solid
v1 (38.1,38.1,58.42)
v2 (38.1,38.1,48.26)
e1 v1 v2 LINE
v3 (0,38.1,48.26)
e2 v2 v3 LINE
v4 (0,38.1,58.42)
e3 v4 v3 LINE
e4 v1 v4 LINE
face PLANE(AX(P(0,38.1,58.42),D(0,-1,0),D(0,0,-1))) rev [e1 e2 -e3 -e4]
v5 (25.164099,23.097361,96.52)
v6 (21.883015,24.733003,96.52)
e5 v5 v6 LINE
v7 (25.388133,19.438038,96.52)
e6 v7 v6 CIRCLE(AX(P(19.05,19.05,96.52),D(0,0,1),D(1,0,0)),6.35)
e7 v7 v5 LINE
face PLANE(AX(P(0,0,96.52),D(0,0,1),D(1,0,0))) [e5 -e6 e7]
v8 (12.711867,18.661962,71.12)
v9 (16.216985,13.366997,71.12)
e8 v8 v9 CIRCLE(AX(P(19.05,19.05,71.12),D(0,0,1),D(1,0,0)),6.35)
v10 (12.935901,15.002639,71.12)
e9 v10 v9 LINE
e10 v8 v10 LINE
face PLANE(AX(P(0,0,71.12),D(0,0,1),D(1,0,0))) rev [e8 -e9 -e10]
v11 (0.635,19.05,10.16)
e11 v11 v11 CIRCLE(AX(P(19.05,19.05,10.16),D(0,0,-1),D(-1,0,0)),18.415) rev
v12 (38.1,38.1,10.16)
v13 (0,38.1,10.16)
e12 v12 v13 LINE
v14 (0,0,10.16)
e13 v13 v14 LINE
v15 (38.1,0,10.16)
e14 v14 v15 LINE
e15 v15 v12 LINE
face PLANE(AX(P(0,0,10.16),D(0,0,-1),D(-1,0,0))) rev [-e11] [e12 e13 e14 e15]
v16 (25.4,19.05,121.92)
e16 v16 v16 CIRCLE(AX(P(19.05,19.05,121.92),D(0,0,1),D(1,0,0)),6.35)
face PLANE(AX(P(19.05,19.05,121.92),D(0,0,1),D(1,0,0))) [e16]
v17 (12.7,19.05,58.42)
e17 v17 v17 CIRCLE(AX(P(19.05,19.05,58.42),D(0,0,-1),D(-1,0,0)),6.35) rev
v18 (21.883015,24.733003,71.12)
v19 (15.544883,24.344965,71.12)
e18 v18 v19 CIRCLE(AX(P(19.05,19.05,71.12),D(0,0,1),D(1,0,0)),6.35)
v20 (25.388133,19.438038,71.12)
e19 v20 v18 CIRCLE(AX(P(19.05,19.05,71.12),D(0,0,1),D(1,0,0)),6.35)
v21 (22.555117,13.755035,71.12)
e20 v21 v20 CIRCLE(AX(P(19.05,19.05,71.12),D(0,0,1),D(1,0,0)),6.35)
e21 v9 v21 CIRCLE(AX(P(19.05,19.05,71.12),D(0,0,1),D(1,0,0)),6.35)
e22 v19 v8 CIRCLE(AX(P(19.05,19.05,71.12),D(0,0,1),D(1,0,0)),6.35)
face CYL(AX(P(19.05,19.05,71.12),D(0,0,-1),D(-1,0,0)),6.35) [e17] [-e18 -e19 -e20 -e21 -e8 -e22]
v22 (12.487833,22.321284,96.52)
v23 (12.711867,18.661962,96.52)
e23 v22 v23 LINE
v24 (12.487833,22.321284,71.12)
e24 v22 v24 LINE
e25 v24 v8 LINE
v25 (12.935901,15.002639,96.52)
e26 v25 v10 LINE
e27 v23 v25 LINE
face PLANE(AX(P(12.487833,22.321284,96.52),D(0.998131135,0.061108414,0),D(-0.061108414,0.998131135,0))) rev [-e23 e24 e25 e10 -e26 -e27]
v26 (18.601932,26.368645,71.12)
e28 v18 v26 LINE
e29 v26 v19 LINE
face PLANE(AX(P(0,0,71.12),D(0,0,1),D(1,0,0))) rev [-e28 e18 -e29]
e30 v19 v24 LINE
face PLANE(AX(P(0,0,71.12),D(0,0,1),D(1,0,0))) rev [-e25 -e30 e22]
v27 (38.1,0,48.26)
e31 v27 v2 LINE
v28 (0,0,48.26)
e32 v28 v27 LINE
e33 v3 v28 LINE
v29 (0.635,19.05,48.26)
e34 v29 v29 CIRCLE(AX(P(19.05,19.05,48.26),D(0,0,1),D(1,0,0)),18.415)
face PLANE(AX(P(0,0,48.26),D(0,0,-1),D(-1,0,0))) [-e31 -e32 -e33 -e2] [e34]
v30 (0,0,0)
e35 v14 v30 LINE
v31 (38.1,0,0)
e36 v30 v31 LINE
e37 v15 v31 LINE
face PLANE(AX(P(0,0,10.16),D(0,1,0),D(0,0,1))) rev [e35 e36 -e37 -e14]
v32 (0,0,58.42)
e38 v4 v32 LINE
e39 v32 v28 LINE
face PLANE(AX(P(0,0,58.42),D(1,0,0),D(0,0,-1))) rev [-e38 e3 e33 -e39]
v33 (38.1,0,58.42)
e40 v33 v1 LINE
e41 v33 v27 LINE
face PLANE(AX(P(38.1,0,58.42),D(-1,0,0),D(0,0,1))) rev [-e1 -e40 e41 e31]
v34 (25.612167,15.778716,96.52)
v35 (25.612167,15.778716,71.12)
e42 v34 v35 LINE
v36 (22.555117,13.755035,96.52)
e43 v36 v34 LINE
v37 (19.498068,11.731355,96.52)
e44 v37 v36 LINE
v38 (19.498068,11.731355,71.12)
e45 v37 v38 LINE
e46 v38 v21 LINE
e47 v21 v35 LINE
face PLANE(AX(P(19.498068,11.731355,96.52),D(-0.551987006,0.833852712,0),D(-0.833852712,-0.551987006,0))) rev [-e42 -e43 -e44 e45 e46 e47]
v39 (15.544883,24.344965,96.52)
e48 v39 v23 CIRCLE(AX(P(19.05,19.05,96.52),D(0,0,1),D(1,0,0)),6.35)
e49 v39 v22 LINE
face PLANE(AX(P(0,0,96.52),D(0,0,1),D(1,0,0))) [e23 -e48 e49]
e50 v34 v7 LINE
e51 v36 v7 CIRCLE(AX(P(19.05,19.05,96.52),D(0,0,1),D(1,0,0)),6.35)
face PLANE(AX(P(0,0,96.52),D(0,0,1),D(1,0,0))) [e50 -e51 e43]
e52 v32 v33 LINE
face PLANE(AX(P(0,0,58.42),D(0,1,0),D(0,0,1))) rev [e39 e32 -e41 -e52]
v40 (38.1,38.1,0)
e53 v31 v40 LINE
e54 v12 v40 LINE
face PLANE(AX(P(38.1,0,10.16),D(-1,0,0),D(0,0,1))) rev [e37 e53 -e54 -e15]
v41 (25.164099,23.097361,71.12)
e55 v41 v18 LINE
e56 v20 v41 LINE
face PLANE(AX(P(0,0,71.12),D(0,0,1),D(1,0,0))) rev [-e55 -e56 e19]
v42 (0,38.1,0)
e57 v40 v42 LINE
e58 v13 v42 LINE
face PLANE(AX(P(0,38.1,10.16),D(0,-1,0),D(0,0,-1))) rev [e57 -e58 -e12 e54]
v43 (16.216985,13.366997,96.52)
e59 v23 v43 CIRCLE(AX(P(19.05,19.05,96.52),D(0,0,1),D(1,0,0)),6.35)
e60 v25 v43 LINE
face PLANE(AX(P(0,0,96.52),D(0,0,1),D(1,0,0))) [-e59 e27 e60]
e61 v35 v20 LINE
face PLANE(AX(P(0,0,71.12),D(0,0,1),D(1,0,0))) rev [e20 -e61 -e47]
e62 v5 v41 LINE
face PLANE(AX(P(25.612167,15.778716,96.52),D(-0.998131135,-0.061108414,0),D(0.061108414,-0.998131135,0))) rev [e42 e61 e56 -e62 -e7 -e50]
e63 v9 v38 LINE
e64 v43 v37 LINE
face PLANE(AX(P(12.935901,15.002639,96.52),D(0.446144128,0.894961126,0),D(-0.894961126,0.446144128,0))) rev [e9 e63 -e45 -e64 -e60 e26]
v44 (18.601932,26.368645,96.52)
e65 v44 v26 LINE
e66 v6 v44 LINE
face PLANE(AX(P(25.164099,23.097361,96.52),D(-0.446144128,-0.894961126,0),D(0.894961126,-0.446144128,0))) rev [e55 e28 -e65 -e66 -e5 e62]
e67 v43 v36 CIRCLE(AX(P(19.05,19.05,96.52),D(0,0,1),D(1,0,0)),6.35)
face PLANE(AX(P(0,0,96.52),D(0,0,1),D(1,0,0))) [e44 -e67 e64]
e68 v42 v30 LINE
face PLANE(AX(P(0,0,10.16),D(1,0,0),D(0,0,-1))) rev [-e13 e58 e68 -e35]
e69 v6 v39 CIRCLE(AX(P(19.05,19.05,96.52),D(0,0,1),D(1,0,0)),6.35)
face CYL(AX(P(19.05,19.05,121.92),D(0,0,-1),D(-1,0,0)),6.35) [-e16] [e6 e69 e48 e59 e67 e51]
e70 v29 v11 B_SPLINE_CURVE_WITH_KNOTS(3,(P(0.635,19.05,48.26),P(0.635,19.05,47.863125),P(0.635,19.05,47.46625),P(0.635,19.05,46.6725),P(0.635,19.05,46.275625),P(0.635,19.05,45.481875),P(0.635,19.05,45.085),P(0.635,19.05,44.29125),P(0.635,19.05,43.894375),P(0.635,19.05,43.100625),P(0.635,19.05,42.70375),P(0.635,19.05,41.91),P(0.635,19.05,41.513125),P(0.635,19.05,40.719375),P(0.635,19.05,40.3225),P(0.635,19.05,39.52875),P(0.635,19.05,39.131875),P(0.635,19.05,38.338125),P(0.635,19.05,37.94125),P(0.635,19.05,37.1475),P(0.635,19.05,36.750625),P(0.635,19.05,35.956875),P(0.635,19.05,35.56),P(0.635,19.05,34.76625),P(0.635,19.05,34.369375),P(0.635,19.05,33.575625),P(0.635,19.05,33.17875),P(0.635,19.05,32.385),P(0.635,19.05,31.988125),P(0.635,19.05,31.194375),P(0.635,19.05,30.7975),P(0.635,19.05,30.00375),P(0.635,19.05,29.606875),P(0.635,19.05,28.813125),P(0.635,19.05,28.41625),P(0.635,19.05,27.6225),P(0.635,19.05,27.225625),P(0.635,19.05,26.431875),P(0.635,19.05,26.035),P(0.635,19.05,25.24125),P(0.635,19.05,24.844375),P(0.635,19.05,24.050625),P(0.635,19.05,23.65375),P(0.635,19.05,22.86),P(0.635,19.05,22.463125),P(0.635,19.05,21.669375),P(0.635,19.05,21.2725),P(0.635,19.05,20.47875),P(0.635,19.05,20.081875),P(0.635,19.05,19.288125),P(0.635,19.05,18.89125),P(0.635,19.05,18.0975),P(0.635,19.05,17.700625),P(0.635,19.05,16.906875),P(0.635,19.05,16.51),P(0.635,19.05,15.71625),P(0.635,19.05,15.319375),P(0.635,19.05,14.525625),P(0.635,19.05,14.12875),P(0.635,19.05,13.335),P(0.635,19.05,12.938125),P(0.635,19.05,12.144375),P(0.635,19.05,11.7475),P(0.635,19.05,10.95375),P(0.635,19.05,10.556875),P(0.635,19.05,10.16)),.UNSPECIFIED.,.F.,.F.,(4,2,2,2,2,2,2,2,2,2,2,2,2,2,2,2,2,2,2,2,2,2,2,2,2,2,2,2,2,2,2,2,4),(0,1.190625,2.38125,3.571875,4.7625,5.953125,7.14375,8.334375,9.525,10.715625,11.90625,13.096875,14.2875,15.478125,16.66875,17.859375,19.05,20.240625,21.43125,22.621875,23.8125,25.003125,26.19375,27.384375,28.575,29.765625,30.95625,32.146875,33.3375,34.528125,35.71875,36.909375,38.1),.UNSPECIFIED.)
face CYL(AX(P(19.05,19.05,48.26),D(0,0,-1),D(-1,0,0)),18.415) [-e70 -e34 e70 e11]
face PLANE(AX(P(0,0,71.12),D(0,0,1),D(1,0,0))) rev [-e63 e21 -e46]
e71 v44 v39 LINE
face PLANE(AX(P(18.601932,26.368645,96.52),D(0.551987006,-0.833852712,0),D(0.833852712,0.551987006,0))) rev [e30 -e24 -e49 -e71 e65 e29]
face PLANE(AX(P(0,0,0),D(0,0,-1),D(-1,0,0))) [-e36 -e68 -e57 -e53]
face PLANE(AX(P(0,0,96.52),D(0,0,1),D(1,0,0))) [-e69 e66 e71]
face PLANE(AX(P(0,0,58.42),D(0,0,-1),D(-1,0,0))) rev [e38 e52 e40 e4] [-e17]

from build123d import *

# Parameters (mm, degrees)
SKETCH1_W           = 38.1
SKETCH1_H           = 38.1
BOSS_EXTRUDE1_DEPTH = 10.16
SKETCH2_R           = 18.415
BOSS_EXTRUDE2_DEPTH = 38.1
SKETCH3_W           = 38.1
SKETCH3_H           = 38.1
BOSS_EXTRUDE3_DEPTH = 10.16
SKETCH4_R           = 6.35
BOSS_EXTRUDE4_DEPTH = 12.7
BOSS_EXTRUDE5_DEPTH = 25.4
SKETCH6_R           = 6.35
BOSS_EXTRUDE6_DEPTH = 25.4


with BuildPart() as part:
    # Sketch1 → Boss-Extrude1 (new body)
    with BuildSketch(Plane.XY):
        with Locations((19.05, 19.05)):
            Rectangle(SKETCH1_W, SKETCH1_H)
    extrude(amount=BOSS_EXTRUDE1_DEPTH)

    # Sketch2 → Boss-Extrude2 (add)
    with BuildSketch(Plane.XY.offset(10.16)):
        with Locations(Location((19.05, 19.05, 0), (0, 0, 180))):
            Circle(SKETCH2_R)
    extrude(amount=BOSS_EXTRUDE2_DEPTH)

    # Sketch3 → Boss-Extrude3 (add)
    with BuildSketch(Plane.XY.offset(48.26)):
        with Locations((19.05, 19.05)):
            Rectangle(SKETCH3_W, SKETCH3_H)
    extrude(amount=BOSS_EXTRUDE3_DEPTH)

    # Sketch4 → Boss-Extrude4 (add)
    with BuildSketch(Plane.XY.offset(58.42)):
        with Locations(Location((19.05, 19.05, 0), (0, 0, 180))):
            Circle(SKETCH4_R)
    extrude(amount=BOSS_EXTRUDE4_DEPTH)

    # Sketch5 → Boss-Extrude5 (add)
    with BuildSketch(Plane.XY.offset(71.12)):
        Polygon((25.164098612, 23.097361053), (18.601931816, 26.368645246), (12.487833204, 22.321284193), (12.935901388, 15.002638947), (19.498068184, 11.731354754), (25.612166796, 15.778715807), align=None)
    extrude(amount=BOSS_EXTRUDE5_DEPTH)

    # Sketch6 → Boss-Extrude6 (add)
    with BuildSketch(Plane.XY.offset(96.52)):
        with Locations(Location((19.05, 19.05, 0), (0, 0, 180))):
            Circle(SKETCH6_R)
    extrude(amount=BOSS_EXTRUDE6_DEPTH)


solid = part.part
